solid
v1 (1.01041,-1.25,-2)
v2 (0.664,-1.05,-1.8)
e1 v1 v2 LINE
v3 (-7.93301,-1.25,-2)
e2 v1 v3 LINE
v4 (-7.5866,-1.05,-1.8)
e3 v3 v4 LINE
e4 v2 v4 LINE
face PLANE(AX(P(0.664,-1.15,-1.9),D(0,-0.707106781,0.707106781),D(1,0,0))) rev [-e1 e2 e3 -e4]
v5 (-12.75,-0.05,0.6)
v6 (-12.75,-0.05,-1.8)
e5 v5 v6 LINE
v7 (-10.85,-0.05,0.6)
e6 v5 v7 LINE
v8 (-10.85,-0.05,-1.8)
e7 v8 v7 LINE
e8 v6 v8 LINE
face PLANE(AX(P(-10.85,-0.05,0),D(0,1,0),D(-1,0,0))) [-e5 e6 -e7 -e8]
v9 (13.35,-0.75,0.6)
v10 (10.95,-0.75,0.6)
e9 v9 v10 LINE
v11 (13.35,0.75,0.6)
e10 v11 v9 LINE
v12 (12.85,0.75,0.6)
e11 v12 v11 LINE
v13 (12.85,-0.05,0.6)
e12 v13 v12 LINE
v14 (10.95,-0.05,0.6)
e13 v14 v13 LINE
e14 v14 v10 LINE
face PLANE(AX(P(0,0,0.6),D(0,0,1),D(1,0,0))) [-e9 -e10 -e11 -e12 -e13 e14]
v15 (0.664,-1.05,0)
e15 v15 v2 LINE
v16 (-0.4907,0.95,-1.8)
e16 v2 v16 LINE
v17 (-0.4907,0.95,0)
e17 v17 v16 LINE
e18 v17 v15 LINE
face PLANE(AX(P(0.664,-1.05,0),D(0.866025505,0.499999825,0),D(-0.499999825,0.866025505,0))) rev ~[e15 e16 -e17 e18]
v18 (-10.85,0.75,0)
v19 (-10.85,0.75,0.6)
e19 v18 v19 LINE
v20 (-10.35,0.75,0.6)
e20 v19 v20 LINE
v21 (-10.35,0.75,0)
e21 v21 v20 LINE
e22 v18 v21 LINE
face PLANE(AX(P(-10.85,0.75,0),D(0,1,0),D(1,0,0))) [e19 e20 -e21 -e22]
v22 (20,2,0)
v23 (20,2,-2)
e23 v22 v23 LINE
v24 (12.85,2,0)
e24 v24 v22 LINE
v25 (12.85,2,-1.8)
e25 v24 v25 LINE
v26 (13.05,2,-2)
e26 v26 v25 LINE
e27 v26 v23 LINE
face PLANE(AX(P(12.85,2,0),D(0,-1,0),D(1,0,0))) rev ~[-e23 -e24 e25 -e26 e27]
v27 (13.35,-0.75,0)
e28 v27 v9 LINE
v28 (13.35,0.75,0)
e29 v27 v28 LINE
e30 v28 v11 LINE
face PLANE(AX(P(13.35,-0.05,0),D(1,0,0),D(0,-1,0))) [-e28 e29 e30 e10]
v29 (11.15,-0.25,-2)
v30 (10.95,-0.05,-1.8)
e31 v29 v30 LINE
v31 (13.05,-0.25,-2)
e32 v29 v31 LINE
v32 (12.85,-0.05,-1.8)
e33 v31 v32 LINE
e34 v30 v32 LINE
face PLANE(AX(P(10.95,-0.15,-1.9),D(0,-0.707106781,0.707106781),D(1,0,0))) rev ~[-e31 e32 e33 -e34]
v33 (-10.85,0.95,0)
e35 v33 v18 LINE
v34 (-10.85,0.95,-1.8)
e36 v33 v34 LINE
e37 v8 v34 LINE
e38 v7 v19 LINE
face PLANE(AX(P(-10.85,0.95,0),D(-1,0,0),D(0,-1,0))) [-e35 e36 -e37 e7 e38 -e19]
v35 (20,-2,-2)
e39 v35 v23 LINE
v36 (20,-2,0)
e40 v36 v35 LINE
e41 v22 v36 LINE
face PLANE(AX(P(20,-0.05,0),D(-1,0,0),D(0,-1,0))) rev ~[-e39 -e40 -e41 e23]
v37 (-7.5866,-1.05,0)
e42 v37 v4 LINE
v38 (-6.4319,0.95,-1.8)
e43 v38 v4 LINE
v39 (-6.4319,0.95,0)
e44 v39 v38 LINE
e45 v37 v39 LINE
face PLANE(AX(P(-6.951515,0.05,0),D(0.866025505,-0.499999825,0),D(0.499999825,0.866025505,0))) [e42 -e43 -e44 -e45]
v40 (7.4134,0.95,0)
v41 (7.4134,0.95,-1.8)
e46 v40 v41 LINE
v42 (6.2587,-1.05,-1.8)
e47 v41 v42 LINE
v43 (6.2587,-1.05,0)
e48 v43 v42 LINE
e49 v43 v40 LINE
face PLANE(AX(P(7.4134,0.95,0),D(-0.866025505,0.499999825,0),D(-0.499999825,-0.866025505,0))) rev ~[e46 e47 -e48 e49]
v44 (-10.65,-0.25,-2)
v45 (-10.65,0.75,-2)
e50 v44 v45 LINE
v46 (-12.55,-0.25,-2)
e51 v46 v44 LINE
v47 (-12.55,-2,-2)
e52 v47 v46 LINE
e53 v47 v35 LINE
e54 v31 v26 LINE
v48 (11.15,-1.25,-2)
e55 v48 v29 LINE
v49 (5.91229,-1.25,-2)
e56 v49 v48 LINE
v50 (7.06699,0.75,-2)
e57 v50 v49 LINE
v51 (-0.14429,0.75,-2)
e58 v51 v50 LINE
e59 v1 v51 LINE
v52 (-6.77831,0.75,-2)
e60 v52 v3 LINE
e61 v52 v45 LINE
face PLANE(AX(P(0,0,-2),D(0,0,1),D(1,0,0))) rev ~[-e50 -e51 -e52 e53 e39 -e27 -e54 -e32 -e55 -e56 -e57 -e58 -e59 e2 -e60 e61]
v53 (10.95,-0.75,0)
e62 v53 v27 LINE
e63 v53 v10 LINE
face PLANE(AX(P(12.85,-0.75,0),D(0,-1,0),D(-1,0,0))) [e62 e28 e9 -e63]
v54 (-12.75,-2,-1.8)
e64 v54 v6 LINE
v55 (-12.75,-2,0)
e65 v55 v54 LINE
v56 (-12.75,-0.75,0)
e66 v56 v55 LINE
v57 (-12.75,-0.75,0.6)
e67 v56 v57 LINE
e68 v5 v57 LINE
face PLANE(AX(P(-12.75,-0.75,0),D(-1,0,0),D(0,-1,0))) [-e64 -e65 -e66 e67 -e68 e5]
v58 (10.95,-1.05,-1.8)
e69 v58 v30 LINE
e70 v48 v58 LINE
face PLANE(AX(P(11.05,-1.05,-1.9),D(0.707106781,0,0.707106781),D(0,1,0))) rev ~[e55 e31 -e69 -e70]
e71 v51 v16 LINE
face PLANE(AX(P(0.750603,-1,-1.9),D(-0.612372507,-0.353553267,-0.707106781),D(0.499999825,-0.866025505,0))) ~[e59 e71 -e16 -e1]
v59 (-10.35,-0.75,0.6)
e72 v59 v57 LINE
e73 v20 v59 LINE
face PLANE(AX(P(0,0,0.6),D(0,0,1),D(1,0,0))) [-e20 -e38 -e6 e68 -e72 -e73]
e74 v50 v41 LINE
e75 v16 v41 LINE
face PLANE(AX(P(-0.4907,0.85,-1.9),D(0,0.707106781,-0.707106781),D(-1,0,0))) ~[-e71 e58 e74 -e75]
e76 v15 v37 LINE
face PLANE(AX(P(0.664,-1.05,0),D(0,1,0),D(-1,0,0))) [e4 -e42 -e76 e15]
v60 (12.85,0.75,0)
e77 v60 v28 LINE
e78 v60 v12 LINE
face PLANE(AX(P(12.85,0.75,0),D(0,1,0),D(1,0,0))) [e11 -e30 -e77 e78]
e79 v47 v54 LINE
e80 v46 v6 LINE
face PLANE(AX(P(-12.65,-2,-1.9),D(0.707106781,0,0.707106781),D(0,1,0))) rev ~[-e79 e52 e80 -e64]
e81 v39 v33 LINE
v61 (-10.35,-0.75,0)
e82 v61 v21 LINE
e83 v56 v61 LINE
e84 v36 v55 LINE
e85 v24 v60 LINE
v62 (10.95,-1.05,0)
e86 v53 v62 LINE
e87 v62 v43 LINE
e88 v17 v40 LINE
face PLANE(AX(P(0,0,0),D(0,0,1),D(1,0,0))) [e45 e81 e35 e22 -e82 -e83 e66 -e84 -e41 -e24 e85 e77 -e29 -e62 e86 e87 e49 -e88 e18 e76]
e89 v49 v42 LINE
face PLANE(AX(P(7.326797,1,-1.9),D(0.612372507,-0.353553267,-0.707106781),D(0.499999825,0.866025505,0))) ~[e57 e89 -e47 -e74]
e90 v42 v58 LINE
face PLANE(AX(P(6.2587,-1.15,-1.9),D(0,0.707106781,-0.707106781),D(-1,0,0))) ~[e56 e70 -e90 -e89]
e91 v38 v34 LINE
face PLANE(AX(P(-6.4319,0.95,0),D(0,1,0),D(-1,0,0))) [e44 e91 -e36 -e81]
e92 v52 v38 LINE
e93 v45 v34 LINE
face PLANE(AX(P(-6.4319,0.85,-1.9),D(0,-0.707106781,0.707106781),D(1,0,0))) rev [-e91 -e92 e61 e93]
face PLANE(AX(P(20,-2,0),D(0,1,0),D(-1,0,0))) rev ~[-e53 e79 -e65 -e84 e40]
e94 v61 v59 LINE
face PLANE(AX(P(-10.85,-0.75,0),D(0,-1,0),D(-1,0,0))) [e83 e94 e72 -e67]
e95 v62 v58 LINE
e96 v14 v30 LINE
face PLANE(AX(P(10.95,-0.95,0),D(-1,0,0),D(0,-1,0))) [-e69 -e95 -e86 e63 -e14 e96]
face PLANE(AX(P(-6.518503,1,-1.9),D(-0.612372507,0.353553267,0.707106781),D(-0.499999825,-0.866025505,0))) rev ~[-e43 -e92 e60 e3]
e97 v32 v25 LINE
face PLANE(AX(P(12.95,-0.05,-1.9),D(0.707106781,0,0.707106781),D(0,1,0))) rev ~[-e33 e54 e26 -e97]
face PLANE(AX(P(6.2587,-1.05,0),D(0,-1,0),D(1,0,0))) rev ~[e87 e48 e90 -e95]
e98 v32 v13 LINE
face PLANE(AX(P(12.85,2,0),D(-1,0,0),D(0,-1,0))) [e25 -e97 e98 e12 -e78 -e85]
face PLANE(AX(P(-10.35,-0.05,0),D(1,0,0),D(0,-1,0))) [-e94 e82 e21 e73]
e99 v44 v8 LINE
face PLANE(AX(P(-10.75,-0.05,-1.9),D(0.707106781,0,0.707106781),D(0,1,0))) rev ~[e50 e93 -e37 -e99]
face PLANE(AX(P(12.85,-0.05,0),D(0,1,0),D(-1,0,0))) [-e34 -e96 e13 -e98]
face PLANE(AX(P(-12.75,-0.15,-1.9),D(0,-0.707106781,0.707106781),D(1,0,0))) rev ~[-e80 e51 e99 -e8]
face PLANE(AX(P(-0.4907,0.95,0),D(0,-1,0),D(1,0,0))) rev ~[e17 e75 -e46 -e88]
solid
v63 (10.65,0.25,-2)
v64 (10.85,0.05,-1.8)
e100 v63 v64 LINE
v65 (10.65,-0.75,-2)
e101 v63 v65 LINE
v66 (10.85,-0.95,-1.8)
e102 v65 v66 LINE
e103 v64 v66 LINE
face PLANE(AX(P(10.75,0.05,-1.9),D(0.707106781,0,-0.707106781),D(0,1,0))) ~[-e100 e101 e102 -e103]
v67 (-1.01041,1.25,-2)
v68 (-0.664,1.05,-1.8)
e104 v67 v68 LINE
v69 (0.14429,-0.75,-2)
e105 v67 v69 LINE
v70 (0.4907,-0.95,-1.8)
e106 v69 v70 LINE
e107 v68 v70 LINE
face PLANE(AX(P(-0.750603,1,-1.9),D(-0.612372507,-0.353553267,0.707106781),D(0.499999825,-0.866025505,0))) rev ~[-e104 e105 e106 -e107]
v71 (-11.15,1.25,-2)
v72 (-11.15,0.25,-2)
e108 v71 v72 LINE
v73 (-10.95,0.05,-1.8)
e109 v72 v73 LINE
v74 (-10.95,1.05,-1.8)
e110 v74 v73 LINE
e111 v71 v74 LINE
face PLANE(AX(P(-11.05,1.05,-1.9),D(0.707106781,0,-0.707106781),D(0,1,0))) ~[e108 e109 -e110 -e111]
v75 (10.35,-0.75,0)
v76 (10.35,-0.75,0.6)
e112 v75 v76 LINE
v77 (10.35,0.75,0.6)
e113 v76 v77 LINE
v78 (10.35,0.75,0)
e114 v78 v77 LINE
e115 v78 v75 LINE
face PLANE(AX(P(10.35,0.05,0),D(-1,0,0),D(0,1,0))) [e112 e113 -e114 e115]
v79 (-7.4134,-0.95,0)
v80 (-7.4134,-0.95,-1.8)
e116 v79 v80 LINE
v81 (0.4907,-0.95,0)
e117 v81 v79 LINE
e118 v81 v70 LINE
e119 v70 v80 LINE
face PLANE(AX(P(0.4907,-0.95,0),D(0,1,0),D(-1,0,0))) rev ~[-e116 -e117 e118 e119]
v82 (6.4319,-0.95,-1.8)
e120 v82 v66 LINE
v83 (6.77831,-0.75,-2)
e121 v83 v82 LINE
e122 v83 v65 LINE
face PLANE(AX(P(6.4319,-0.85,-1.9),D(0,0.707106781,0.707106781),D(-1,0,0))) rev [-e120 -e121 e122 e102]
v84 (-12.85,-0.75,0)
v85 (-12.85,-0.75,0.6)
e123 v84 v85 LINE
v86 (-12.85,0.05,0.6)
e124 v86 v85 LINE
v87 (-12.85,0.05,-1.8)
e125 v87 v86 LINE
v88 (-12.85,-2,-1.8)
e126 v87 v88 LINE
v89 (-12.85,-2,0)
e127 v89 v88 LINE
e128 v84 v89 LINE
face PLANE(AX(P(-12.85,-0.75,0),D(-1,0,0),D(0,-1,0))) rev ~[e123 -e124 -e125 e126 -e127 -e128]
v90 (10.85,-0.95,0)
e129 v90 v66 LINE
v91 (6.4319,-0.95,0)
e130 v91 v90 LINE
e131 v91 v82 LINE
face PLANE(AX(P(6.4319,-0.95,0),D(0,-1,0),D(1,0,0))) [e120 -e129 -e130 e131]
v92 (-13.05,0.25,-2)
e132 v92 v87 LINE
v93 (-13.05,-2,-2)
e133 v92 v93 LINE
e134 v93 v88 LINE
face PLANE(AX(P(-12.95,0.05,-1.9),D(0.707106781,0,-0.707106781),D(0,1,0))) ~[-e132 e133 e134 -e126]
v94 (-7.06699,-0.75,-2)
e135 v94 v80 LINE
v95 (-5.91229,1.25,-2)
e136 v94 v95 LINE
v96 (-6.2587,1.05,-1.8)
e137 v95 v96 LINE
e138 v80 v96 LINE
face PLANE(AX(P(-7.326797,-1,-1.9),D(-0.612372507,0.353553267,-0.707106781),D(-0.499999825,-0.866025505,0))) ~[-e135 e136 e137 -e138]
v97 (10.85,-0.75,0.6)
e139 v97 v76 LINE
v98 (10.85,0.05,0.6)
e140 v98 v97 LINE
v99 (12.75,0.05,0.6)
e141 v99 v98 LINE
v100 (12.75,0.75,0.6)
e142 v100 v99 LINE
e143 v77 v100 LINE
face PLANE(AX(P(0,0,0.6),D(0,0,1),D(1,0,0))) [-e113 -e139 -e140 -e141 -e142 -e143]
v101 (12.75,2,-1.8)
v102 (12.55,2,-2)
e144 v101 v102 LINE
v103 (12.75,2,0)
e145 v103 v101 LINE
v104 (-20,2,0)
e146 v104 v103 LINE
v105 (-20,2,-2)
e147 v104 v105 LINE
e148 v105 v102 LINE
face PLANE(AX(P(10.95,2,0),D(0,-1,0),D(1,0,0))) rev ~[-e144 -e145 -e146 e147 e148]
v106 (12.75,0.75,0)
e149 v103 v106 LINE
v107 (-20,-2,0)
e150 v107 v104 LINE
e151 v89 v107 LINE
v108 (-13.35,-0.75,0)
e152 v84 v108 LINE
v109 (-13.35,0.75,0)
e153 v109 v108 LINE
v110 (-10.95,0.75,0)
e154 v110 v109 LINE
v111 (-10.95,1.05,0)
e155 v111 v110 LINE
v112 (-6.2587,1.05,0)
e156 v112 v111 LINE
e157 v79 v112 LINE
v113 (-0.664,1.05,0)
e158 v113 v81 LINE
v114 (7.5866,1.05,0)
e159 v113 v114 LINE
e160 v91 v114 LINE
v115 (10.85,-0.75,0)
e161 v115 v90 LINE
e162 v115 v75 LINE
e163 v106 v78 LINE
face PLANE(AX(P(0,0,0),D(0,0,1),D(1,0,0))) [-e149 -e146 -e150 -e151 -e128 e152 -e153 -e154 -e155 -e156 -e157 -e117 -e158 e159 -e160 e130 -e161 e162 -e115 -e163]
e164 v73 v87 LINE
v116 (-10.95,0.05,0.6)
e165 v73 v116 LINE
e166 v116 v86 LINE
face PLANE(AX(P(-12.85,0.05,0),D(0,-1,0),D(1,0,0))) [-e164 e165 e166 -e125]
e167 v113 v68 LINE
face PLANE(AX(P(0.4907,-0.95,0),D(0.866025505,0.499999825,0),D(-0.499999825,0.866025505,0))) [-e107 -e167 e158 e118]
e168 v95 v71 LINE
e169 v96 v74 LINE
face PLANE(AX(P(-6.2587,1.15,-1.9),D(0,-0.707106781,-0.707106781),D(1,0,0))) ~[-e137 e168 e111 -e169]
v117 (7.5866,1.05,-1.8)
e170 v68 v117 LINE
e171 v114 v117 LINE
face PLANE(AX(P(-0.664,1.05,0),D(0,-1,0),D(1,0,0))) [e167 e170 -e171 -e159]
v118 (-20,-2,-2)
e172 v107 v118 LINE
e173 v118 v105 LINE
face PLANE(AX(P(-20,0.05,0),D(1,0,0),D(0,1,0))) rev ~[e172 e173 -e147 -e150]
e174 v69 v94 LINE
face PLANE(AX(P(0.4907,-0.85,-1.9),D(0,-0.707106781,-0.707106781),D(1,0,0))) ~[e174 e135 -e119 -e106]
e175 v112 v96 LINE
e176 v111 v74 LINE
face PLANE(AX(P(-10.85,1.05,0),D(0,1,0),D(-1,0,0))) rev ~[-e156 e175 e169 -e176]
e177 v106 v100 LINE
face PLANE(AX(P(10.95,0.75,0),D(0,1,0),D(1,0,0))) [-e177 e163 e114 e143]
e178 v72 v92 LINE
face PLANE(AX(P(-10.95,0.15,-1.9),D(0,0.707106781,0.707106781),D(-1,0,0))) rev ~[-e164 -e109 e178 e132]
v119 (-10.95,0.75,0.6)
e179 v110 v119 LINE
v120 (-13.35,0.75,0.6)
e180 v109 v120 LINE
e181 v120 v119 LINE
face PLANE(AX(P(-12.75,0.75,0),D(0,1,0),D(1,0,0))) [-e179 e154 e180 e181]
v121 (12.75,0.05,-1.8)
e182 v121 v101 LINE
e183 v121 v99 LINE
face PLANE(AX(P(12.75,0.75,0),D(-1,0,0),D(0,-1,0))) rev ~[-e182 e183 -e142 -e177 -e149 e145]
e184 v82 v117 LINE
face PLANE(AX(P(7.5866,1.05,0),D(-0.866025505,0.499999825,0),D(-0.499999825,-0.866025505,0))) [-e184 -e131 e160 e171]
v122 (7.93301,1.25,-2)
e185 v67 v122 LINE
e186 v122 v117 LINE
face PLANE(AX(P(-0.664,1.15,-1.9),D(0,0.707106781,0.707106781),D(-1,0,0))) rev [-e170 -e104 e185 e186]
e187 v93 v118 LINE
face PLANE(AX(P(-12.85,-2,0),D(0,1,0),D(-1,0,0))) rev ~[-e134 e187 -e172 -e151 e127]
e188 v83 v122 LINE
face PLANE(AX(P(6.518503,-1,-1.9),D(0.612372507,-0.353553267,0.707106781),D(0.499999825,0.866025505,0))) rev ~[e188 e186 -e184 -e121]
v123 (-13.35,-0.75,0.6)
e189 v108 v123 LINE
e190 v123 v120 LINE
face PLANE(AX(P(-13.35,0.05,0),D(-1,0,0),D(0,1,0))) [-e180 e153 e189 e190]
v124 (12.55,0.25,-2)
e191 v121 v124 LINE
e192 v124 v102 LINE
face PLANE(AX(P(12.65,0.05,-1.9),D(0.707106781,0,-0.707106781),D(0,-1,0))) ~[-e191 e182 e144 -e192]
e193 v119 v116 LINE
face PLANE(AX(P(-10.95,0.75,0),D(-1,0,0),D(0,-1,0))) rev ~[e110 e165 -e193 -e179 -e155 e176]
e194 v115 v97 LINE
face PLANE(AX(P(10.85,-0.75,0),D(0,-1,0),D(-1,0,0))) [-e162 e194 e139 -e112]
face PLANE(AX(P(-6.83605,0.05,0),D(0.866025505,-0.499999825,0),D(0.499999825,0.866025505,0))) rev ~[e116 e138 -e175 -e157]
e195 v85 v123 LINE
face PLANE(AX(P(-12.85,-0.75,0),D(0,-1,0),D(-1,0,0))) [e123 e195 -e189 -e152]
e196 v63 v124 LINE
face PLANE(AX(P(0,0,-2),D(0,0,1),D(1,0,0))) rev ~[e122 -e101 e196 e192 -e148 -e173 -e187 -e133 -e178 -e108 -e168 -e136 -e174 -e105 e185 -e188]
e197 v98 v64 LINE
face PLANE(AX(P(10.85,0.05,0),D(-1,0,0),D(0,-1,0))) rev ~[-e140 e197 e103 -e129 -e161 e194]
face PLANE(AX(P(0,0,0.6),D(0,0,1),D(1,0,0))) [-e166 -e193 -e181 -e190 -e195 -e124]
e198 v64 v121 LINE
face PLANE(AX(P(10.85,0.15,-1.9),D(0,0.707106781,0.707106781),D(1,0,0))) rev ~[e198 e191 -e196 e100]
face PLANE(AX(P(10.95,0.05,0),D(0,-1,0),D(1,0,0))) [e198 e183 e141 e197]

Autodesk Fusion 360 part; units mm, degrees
sketch "Sketch1" plane through (0, 0, 0) normal (0, 0, 1) x (1, 0, 0)
  line L0 (20, -2) -> (-20, -2)
  line L1 (-20, -2) -> (-20, 2)
  line L2 (-20, 2) -> (20, 2)
  line L3 (20, 2) -> (20, -2)
  line L4 (20, -2) -> (-20, 2) construction
  line L5 (-20, -2) -> (20, 2) construction
  line L6 (0, 0) -> (0, -2) construction
  line L7 (0, 0) -> (0, 2) construction
  line L8 (-12.45, 2) -> (-12.45, -2) construction
  line L9 (-11.25, 2) -> (-11.25, -2) construction
  line L10 (-12.75, 2) -> (-12.75, -2)
  line L11 (-10.95, 2) -> (-10.95, -2)
  line L12 (-10.85, 2) -> (-10.85, -2)
  line L13 (-12.85, 2) -> (-12.85, -2)
  line L14 (-11.85, 2) -> (-11.85, -2) construction
  line L15 (-20, 0.05) -> (20, 0.05)
  line L16 (20, -0.05) -> (-20, -0.05)
  line L17 (-20, 0) -> (20, 0) construction
  line L18 (0.5774, -1) -> (-0.5774, 1) construction
  line L19 (0.5774, -1) -> (-7.5, -1) construction
  line L20 (-7.5, -1) -> (-6.3453, 1) construction
  line L21 (-6.3453, 1) -> (-10.95, 1) construction
  line L22 (-0.5774, 1) -> (7.5, 1) construction
  line L23 (7.5, 1) -> (6.3453, -1) construction
  line L24 (6.3453, -1) -> (10.95, -1) construction
  line L25 (-3.4613, -1) -> (-3.4613, 1.05) construction
  line L26 (3.4613, 1) -> (3.4613, -1.05) construction
  line L27 (-6.2587, 1.05) -> (-10.95, 1.05)
  line L28 (-7.4134, -0.95) -> (-6.2587, 1.05)
  line L29 (0.4907, -0.95) -> (-7.4134, -0.95)
  line L30 (0.4907, -0.95) -> (-0.664, 1.05)
  line L31 (-0.664, 1.05) -> (7.5866, 1.05)
  line L32 (7.5866, 1.05) -> (6.4319, -0.95)
  line L33 (6.4319, -0.95) -> (10.95, -0.95)
  line L34 (12.85, 2) -> (12.85, -2)
  line L35 (12.75, 2) -> (12.75, -2)
  line L36 (12.45, 2) -> (12.45, -2) construction
  line L37 (11.25, 2) -> (11.25, -2) construction
  line L38 (10.95, 2) -> (10.95, -2)
  line L39 (10.85, 2) -> (10.85, -2)
  line L40 (-6.4319, 0.95) -> (-10.95, 0.95)
  line L41 (-7.5866, -1.05) -> (-6.4319, 0.95)
  line L42 (0.664, -1.05) -> (-7.5866, -1.05)
  line L43 (0.664, -1.05) -> (-0.4907, 0.95)
  line L44 (-0.4907, 0.95) -> (7.4134, 0.95)
  line L45 (7.4134, 0.95) -> (6.2587, -1.05)
  line L46 (6.2587, -1.05) -> (10.95, -1.05)
  line L47 (11.85, 2) -> (11.85, -2) construction
  line L48 (-10.35, -0.75) -> (-13.35, -0.75)
  line L49 (-13.35, -0.75) -> (-13.35, 0.75)
  line L50 (-13.35, 0.75) -> (-10.35, 0.75)
  line L51 (-10.35, 0.75) -> (-10.35, -0.75)
  line L52 (-10.35, -0.75) -> (-13.35, 0.75) construction
  line L53 (-13.35, -0.75) -> (-10.35, 0.75) construction
  line L54 (13.35, -0.75) -> (10.35, -0.75)
  line L55 (10.35, -0.75) -> (10.35, 0.75)
  line L56 (10.35, 0.75) -> (13.35, 0.75)
  line L57 (13.35, 0.75) -> (13.35, -0.75)
  line L58 (13.35, -0.75) -> (10.35, 0.75) construction
  line L59 (10.35, -0.75) -> (13.35, 0.75) construction
  point P0 (-11.85, 0)
  point P1 (11.85, 0)
  dimension "d1" = 4
  dimension "d2" = 40
  dimension "d16" = 0.1
  dimension "d57" = 0.1
  dimension "d60" = 2
  dimension "d61" = 30
  dimension "d62" = 15
  dimension "d63" = 0.05
  dimension "d69" = 1.2
  dimension "d70" = 1.8
  dimension "d73" = 22.5
  dimension "d74" = -0.05
  dimension "d113" = 3
  dimension "d114" = 1.5
sketch "Sketch2" plane through (0, 0, 0) normal (0, 1, 0) x (1, 0, 0)
  line L0 (12.75, -0.3) -> (12.75, 0)
  line L1 (12.75, 0) -> (10.95, 0)
  line L2 (10.95, 0) -> (10.95, -0.3)
  line L3 (11.25, -2.4) -> (12.45, -2.4)
  line L4 (12.45, -2.4) -> (12.45, -1.8)
  line L5 (11.25, -1.8) -> (11.25, -2.4)
  line L6 (11.25, -1.8) -> (11.45, -1.8)
  line L7 (11.45, -1.8) -> (11.45, -0.3)
  line L8 (11.45, -0.3) -> (10.95, -0.3)
  line L9 (12.75, -0.3) -> (12.25, -0.3)
  line L10 (12.25, -0.3) -> (12.25, -1.8)
  line L11 (12.25, -1.8) -> (12.45, -1.8)
  line L12 (11.85, 0) -> (11.85, -2.4) construction
  line L13 (-12.45, -1.8) -> (-12.45, -2.4)
  line L14 (-11.85, 0) -> (-11.85, -2.4) construction
  line L15 (-10.95, 0) -> (-12.75, 0)
  line L16 (-12.45, -2.4) -> (-11.25, -2.4)
  line L17 (-11.45, -1.8) -> (-11.25, -1.8)
  line L18 (-12.75, 0) -> (-12.75, -0.3)
  line L19 (-11.25, -2.4) -> (-11.25, -1.8)
  line L20 (-10.95, -0.3) -> (-11.45, -0.3)
  line L21 (-11.45, -0.3) -> (-11.45, -1.8)
  line L22 (-12.25, -0.3) -> (-12.75, -0.3)
  line L23 (-10.95, -0.3) -> (-10.95, 0)
  line L24 (-12.45, -1.8) -> (-12.25, -1.8)
  line L25 (-12.25, -1.8) -> (-12.25, -0.3)
  point P0 (-11.85, 0)
  point P1 (11.85, 0)
  point P2 (12.45, 0)
  point P3 (12.75, 0)
  point P4 (-11.25, 0)
  point P5 (-10.95, 0)
  dimension "d77" = 0.3
  dimension "d85" = 1.2
  dimension "d87" = 0.6
  dimension "d88" = 0.8
  dimension "d94" = 2.4
extrude "Extrude2" add sketch "Sketch1" against normal blind 2 contours L15 L35 L38 L56 | L16 L39 L54 L55 | L16 L32 L33 L39 L54 L55 | L2 L35 L38 L56 | L15 L16 L39 L55 | L15 L38 L39 L56 | L2 L38 L39 L56 | L15 L16 L32 L55 | L15 L39 L55 L56 | L2 L12 L15 L27 L28 L30 L31 L32 L39 L55 L56 | L0 L1 L13 L16 L48 L49 | L2 L11 L12 L27 | L13 L16 L48 L49 | L10 L11 L15 L50 | L16 L28 L29 L30 | L15 L16 L28 L30 | L2 L10 L11 L50 | L1 L15 L16 L49 | L13 L15 L16 L49 | L10 L13 L15 L50 | L2 L10 L13 L50 | L1 L2 L13 L15 L49 L50 | L13 L15 L49 L50 makes body 1
extrude "Extrude3" add sketch "Sketch1" along normal blind 0.6 contours L15 L35 L38 L56 | L16 L39 L54 L55 | L15 L16 L39 L55 | L15 L38 L39 L56 | L15 L39 L55 L56 | L13 L16 L48 L49 | L10 L11 L15 L50 | L13 L15 L16 L49 | L10 L13 L15 L50 | L13 L15 L49 L50 bodies 1
extrude "Extrude1" add sketch "Sketch1" against normal up to surface (2 mm away) separate body contours L0 L3 L16 L34 L54 L57 | L0 L34 L35 L54 | L3 L15 L16 L57 | L0 L35 L38 L54 | L16 L34 L35 L54 | L16 L34 L54 L57 | L2 L3 L15 L34 L56 L57 | L15 L16 L34 L57 | L0 L38 L39 L46 | L16 L35 L38 L54 | L15 L34 L56 L57 | L0 L12 L16 L39 L41 L42 L43 L45 L46 L48 L51 | L0 L11 L12 L48 | L0 L10 L11 L48 | L11 L12 L16 L48 | L12 L16 L48 L51 | L10 L11 L16 L48 | L12 L15 L16 L51 | L15 L16 L43 L45 | L12 L15 L50 L51 | L15 L16 L41 L51 | L15 L43 L44 L45 | L12 L15 L40 L41 L50 L51 makes body 2 in component "Join 2"
extrude "Extrude2'" add sketch "Sketch1" along normal up to surface (0.6 mm away) contours L16 L34 L35 L54 | L16 L34 L54 L57 | L15 L16 L34 L57 | L16 L35 L38 L54 | L15 L34 L56 L57 | L11 L12 L16 L48 | L12 L16 L48 L51 | L10 L11 L16 L48 | L12 L15 L16 L51 | L12 L15 L50 L51 bodies 2 in component "Join 2"
chamfer "Chamfer2" distance 0.2 angle 45 13 edges at (-11.9, 0.05, -2) (-12.85, -0.975, -2) (-10.95, 0.55, -2) (-8.6043, 1.05, -2) (-6.836, 0.05, -2) (-3.4613, -0.95, -2) (-0.0866, 0.05, -2) (3.4613, 1.05, -2) (7.0093, 0.05, -2) (8.641, -0.95, -2) (10.85, -0.45, -2) (11.8, 0.05, -2) (12.75, 1.025, -2) on bodies 1
chamfer "Chamfer1" distance 0.2 angle 45 13 edges at (-8.641, 0.95, -2) (-10.85, 0.45, -2) (-11.8, -0.05, -2) (-12.75, -1.025, -2) (-7.0093, -0.05, -2) (-3.4613, -1.05, -2) (0.0866, -0.05, -2) (3.4613, 0.95, -2) (6.836, -0.05, -2) (8.6043, -1.05, -2) (10.95, -0.55, -2) (11.9, -0.05, -2) (12.85, 0.975, -2) on bodies 2 in component "Join 2"
component "Join 2" placed x (1, 0, 0) y (0, 1, 0) z (0, 0, 1) at (0, 0, 0)
equation "d1 = d62 / 3.75"
equation "d2 = d1 * 10"
equation "d57 = Tollerance"
equation "d60 = d1 / 2"
equation "d62 = d73 / 1.5"
equation "d69 = d73 / 18.75"
equation "d70 = d69 * 1.5"
equation "d73 = Gauge"
equation "d77 = d85 / 4"
equation "d87 = d85 / 2"
equation "d88 = d85 / 3 * 2"
equation "d94 = d85 * 2"
equation "Gauge = 22.5 mm"
equation "SleeperThickness = 2 mm"
equation "Tollerance = 0.1 mm"
equation "d105 = -SleeperThickness"
equation "SleeperSpcing = Gauge / 1.5"
equation "d113 = d69 * 2.5"
equation "d114 = d113 / 2"
equation "d115 = Gauge / 37.5"
